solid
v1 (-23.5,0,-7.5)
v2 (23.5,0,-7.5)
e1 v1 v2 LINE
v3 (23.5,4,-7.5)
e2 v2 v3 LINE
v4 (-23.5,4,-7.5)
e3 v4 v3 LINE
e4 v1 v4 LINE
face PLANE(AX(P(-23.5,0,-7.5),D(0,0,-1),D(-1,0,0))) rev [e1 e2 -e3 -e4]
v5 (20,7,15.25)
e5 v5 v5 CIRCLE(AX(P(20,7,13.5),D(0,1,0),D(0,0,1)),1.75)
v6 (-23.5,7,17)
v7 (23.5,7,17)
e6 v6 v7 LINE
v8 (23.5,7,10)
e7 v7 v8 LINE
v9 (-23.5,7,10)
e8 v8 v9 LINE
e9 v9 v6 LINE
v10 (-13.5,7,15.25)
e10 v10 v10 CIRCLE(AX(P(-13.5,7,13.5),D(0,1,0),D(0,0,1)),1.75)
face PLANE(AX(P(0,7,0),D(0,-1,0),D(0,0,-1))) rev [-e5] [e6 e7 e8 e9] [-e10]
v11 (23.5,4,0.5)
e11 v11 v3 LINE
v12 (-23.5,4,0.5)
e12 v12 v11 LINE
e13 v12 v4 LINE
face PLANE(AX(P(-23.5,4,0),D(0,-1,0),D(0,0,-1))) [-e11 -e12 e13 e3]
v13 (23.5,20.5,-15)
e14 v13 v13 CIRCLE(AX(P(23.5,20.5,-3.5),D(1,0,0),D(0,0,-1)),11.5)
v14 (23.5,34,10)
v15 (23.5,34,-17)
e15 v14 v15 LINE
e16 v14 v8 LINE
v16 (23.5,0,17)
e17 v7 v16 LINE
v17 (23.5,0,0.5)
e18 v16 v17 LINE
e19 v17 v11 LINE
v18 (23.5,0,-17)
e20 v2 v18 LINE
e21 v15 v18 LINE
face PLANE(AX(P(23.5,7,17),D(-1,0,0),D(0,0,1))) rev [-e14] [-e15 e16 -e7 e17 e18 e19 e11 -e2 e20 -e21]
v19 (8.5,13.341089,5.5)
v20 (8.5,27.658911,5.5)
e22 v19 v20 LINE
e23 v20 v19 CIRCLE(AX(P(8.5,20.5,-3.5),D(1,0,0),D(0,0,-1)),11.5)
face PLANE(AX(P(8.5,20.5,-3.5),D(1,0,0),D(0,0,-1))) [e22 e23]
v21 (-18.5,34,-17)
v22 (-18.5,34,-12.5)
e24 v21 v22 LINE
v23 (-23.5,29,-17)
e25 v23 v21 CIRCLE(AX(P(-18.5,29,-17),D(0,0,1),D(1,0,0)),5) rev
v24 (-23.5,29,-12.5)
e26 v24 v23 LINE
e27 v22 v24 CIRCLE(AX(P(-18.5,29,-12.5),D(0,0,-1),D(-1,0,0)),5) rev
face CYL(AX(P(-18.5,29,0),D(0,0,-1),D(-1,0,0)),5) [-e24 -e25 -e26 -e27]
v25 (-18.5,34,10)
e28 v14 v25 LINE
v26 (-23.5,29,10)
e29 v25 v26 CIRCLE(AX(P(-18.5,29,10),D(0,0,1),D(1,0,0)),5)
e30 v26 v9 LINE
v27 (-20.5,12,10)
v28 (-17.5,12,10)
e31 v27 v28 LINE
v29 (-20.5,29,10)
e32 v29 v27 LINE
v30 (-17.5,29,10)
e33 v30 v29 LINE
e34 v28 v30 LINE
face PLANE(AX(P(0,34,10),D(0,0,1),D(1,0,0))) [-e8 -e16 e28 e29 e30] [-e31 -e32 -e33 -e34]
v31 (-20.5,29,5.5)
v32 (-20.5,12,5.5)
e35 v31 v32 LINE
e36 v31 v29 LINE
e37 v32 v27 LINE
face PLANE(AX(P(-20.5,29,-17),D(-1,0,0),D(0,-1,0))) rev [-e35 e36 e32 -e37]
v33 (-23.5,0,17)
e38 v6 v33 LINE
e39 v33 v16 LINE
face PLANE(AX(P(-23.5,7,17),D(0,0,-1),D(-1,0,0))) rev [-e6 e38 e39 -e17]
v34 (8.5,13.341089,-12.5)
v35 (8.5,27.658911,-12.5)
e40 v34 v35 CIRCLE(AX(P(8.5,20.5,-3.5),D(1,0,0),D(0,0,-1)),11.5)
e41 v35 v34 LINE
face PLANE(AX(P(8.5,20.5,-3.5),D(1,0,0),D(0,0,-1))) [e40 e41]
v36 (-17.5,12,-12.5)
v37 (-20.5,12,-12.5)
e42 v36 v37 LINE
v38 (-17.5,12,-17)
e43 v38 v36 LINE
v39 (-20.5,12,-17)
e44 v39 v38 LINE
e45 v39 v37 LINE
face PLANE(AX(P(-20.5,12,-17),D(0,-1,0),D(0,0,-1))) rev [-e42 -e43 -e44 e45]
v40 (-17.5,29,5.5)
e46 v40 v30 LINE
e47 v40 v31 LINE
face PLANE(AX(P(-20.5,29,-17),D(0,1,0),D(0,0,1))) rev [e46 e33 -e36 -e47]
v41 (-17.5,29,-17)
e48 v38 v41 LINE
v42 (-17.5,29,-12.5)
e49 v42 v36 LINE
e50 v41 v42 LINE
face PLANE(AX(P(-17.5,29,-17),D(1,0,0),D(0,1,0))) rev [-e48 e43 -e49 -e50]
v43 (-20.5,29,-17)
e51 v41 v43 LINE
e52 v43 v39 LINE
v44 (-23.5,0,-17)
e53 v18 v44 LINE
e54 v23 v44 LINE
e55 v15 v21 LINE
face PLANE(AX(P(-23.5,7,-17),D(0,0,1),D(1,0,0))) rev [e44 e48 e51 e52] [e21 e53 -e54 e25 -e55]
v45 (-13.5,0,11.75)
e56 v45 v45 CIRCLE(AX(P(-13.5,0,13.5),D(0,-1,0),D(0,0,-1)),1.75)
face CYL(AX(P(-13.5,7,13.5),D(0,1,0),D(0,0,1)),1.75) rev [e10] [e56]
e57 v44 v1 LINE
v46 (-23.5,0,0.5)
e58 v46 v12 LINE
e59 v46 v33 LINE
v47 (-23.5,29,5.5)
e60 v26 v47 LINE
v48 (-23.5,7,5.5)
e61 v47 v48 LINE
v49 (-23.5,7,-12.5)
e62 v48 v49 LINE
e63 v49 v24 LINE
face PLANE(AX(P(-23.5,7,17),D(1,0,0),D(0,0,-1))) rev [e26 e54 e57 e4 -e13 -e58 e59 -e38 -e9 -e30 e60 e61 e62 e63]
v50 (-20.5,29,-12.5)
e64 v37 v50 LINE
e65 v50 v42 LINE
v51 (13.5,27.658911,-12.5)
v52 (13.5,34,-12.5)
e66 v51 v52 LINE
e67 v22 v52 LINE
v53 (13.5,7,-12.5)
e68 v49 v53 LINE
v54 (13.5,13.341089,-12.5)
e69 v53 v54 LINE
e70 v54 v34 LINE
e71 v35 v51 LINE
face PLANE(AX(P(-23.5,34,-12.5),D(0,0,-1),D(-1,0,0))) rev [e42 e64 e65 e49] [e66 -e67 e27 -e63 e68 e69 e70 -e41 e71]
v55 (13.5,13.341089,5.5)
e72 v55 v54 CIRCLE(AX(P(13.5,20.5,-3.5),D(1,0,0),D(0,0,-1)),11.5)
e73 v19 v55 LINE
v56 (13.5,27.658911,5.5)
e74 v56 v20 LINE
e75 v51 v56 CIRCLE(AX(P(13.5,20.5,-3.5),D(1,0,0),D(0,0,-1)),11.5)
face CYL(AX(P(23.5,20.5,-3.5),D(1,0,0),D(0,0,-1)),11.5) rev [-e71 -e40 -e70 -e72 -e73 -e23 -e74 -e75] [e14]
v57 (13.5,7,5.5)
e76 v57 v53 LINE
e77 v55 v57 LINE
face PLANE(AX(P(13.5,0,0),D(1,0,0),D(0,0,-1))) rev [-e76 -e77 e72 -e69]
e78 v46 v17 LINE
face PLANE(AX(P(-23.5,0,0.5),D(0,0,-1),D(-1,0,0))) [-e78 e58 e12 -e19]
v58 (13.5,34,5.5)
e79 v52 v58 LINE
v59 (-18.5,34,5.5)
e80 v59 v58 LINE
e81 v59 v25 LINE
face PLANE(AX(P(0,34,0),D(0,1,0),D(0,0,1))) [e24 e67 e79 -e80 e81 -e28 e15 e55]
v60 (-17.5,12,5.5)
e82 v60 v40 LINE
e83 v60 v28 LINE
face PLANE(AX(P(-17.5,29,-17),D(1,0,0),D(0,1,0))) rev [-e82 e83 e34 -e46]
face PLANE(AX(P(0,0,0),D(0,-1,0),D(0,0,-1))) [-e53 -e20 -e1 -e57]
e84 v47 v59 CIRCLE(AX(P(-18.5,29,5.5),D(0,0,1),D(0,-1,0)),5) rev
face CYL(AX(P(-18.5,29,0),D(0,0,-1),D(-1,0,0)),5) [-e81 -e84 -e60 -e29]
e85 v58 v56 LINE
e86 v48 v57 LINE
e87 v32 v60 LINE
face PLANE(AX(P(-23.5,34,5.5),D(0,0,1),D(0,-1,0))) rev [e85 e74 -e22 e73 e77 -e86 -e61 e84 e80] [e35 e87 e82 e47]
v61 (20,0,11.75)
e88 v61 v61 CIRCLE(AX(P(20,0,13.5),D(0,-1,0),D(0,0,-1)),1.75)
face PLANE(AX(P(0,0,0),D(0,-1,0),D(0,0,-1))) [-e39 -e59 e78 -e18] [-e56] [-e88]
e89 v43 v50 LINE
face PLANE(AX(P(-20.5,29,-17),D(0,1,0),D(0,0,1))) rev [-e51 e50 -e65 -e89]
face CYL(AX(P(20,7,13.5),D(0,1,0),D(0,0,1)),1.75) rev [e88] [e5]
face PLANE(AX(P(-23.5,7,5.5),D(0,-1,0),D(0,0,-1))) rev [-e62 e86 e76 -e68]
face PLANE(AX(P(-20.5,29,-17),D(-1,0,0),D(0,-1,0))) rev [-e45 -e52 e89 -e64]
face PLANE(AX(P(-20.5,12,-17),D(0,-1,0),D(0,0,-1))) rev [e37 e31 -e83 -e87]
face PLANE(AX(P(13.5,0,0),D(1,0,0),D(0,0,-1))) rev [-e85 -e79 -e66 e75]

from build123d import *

# Parameters (mm, degrees)
SKETCH_1_W          = 47
SKETCH_1_H          = 34
EXTRUDE_1_DEPTH     = 7
CUT_EXTRUDE_1_DEPTH = 51.46781152378217
HOLE_WIZARD_1_D     = 3.5
EXTRUDE_2_DEPTH     = 27
HOLE_WIZARD_2_D     = 23
HOLE_WIZARD_2_DEPTH = 10
CUT_EXTRUDE_2_DEPTH = 54.04714883949938
CUT_EXTRUDE_START   = -5
SKETCH_11_R         = 11.50000000000001
CUT_EXTRUDE_3_DEPTH = 5
CUT_EXTRUDE_4_DEPTH = 50.36851223198853
FILLET_1_R          = 5


with BuildPart() as part:
    # 草图1 → 凸台-拉伸1 (new body)
    with BuildSketch(Plane(origin=(0, 0, 0), x_dir=(1, 0, 0), z_dir=(0, 1, 0))):
        Rectangle(SKETCH_1_W, SKETCH_1_H)
    extrude(amount=EXTRUDE_1_DEPTH)

    # 草图2 → 切除-拉伸1 (cut, through all)
    with BuildSketch(Plane(origin=(23.500000000000007, 0, 0), x_dir=(0, 0, -1), z_dir=(1, 0, 0))):
        Polygon((-0.4999999999999987, 4), (-0.4999999999999987, 0), (3.5, 0), (7.5, 0), (7.500000000000002, 4), align=None)
    extrude(amount=-CUT_EXTRUDE_1_DEPTH, mode=Mode.SUBTRACT)

    # 孔1 (through all)
    with Locations(Plane(origin=(0, 7, 0), x_dir=(1, 0, 0), z_dir=(0, 1, 0))):
        with Locations((-13.5, -13.5), (20, -13.5)):
            Hole(HOLE_WIZARD_1_D / 2)

    # 草图6 → 凸台-拉伸2 (add)
    with BuildSketch(Plane(origin=(0, 7, 0), x_dir=(1, 0, 0), z_dir=(0, 1, 0))):
        Polygon((-23.499999999999993, -10.000000000000009), (23.500000000000007, -10.000000000000002), (23.500000000000007, 17), (-23.499999999999993, 17), align=None)
    extrude(amount=EXTRUDE_2_DEPTH)

    # 孔2
    with Locations(Plane(origin=(23.500000000000007, 0, 0), x_dir=(0, 0, -1), z_dir=(1, 0, 0))):
        with Locations((3.5, 20.5)):
            Hole(HOLE_WIZARD_2_D / 2, depth=HOLE_WIZARD_2_DEPTH)

    # 草图10 → 切除-拉伸2 (cut, through all)
    with BuildSketch(Plane(origin=(13.500000000000007, 0, 0), x_dir=(0, 0, -1), z_dir=(1, 0, 0))):
        Polygon((-5.5000000000000036, 34.00000000000001), (12.499999999999998, 34.00000000000001), (12.499999999999998, 7.000000000000013), (-5.5, 7.000000000000013), align=None)
    extrude(amount=-CUT_EXTRUDE_2_DEPTH, mode=Mode.SUBTRACT)

    # 草图11 → 切除-拉伸3 (cut)
    with BuildSketch(Plane(origin=(13.500000000000007, 0, 0), x_dir=(0, 0, -1), z_dir=(1, 0, 0)).offset(CUT_EXTRUDE_START)):
        with Locations((3.500000000000003, 20.500000000000004)):
            Circle(SKETCH_11_R)
    extrude(amount=CUT_EXTRUDE_3_DEPTH, mode=Mode.SUBTRACT)

    # 草图12 → 切除-拉伸4 (cut, through all)
    with BuildSketch(Plane.XY.offset(10.000000000000005)):
        Polygon((-20.499999999999993, 29), (-17.499999999999996, 29), (-17.499999999999993, 12), (-20.49999999999999, 12), align=None)
    extrude(amount=-CUT_EXTRUDE_4_DEPTH, mode=Mode.SUBTRACT)

    # 圆角1
    fillet_1_edges = [part.edges().sort_by_distance(p)[0] for p in [
        (-23.499999999999993, 34, -14.75),
        (-23.499999999999993, 34, 7.750000000000007),
    ]]
    fillet(fillet_1_edges, radius=FILLET_1_R)


solid = part.part
